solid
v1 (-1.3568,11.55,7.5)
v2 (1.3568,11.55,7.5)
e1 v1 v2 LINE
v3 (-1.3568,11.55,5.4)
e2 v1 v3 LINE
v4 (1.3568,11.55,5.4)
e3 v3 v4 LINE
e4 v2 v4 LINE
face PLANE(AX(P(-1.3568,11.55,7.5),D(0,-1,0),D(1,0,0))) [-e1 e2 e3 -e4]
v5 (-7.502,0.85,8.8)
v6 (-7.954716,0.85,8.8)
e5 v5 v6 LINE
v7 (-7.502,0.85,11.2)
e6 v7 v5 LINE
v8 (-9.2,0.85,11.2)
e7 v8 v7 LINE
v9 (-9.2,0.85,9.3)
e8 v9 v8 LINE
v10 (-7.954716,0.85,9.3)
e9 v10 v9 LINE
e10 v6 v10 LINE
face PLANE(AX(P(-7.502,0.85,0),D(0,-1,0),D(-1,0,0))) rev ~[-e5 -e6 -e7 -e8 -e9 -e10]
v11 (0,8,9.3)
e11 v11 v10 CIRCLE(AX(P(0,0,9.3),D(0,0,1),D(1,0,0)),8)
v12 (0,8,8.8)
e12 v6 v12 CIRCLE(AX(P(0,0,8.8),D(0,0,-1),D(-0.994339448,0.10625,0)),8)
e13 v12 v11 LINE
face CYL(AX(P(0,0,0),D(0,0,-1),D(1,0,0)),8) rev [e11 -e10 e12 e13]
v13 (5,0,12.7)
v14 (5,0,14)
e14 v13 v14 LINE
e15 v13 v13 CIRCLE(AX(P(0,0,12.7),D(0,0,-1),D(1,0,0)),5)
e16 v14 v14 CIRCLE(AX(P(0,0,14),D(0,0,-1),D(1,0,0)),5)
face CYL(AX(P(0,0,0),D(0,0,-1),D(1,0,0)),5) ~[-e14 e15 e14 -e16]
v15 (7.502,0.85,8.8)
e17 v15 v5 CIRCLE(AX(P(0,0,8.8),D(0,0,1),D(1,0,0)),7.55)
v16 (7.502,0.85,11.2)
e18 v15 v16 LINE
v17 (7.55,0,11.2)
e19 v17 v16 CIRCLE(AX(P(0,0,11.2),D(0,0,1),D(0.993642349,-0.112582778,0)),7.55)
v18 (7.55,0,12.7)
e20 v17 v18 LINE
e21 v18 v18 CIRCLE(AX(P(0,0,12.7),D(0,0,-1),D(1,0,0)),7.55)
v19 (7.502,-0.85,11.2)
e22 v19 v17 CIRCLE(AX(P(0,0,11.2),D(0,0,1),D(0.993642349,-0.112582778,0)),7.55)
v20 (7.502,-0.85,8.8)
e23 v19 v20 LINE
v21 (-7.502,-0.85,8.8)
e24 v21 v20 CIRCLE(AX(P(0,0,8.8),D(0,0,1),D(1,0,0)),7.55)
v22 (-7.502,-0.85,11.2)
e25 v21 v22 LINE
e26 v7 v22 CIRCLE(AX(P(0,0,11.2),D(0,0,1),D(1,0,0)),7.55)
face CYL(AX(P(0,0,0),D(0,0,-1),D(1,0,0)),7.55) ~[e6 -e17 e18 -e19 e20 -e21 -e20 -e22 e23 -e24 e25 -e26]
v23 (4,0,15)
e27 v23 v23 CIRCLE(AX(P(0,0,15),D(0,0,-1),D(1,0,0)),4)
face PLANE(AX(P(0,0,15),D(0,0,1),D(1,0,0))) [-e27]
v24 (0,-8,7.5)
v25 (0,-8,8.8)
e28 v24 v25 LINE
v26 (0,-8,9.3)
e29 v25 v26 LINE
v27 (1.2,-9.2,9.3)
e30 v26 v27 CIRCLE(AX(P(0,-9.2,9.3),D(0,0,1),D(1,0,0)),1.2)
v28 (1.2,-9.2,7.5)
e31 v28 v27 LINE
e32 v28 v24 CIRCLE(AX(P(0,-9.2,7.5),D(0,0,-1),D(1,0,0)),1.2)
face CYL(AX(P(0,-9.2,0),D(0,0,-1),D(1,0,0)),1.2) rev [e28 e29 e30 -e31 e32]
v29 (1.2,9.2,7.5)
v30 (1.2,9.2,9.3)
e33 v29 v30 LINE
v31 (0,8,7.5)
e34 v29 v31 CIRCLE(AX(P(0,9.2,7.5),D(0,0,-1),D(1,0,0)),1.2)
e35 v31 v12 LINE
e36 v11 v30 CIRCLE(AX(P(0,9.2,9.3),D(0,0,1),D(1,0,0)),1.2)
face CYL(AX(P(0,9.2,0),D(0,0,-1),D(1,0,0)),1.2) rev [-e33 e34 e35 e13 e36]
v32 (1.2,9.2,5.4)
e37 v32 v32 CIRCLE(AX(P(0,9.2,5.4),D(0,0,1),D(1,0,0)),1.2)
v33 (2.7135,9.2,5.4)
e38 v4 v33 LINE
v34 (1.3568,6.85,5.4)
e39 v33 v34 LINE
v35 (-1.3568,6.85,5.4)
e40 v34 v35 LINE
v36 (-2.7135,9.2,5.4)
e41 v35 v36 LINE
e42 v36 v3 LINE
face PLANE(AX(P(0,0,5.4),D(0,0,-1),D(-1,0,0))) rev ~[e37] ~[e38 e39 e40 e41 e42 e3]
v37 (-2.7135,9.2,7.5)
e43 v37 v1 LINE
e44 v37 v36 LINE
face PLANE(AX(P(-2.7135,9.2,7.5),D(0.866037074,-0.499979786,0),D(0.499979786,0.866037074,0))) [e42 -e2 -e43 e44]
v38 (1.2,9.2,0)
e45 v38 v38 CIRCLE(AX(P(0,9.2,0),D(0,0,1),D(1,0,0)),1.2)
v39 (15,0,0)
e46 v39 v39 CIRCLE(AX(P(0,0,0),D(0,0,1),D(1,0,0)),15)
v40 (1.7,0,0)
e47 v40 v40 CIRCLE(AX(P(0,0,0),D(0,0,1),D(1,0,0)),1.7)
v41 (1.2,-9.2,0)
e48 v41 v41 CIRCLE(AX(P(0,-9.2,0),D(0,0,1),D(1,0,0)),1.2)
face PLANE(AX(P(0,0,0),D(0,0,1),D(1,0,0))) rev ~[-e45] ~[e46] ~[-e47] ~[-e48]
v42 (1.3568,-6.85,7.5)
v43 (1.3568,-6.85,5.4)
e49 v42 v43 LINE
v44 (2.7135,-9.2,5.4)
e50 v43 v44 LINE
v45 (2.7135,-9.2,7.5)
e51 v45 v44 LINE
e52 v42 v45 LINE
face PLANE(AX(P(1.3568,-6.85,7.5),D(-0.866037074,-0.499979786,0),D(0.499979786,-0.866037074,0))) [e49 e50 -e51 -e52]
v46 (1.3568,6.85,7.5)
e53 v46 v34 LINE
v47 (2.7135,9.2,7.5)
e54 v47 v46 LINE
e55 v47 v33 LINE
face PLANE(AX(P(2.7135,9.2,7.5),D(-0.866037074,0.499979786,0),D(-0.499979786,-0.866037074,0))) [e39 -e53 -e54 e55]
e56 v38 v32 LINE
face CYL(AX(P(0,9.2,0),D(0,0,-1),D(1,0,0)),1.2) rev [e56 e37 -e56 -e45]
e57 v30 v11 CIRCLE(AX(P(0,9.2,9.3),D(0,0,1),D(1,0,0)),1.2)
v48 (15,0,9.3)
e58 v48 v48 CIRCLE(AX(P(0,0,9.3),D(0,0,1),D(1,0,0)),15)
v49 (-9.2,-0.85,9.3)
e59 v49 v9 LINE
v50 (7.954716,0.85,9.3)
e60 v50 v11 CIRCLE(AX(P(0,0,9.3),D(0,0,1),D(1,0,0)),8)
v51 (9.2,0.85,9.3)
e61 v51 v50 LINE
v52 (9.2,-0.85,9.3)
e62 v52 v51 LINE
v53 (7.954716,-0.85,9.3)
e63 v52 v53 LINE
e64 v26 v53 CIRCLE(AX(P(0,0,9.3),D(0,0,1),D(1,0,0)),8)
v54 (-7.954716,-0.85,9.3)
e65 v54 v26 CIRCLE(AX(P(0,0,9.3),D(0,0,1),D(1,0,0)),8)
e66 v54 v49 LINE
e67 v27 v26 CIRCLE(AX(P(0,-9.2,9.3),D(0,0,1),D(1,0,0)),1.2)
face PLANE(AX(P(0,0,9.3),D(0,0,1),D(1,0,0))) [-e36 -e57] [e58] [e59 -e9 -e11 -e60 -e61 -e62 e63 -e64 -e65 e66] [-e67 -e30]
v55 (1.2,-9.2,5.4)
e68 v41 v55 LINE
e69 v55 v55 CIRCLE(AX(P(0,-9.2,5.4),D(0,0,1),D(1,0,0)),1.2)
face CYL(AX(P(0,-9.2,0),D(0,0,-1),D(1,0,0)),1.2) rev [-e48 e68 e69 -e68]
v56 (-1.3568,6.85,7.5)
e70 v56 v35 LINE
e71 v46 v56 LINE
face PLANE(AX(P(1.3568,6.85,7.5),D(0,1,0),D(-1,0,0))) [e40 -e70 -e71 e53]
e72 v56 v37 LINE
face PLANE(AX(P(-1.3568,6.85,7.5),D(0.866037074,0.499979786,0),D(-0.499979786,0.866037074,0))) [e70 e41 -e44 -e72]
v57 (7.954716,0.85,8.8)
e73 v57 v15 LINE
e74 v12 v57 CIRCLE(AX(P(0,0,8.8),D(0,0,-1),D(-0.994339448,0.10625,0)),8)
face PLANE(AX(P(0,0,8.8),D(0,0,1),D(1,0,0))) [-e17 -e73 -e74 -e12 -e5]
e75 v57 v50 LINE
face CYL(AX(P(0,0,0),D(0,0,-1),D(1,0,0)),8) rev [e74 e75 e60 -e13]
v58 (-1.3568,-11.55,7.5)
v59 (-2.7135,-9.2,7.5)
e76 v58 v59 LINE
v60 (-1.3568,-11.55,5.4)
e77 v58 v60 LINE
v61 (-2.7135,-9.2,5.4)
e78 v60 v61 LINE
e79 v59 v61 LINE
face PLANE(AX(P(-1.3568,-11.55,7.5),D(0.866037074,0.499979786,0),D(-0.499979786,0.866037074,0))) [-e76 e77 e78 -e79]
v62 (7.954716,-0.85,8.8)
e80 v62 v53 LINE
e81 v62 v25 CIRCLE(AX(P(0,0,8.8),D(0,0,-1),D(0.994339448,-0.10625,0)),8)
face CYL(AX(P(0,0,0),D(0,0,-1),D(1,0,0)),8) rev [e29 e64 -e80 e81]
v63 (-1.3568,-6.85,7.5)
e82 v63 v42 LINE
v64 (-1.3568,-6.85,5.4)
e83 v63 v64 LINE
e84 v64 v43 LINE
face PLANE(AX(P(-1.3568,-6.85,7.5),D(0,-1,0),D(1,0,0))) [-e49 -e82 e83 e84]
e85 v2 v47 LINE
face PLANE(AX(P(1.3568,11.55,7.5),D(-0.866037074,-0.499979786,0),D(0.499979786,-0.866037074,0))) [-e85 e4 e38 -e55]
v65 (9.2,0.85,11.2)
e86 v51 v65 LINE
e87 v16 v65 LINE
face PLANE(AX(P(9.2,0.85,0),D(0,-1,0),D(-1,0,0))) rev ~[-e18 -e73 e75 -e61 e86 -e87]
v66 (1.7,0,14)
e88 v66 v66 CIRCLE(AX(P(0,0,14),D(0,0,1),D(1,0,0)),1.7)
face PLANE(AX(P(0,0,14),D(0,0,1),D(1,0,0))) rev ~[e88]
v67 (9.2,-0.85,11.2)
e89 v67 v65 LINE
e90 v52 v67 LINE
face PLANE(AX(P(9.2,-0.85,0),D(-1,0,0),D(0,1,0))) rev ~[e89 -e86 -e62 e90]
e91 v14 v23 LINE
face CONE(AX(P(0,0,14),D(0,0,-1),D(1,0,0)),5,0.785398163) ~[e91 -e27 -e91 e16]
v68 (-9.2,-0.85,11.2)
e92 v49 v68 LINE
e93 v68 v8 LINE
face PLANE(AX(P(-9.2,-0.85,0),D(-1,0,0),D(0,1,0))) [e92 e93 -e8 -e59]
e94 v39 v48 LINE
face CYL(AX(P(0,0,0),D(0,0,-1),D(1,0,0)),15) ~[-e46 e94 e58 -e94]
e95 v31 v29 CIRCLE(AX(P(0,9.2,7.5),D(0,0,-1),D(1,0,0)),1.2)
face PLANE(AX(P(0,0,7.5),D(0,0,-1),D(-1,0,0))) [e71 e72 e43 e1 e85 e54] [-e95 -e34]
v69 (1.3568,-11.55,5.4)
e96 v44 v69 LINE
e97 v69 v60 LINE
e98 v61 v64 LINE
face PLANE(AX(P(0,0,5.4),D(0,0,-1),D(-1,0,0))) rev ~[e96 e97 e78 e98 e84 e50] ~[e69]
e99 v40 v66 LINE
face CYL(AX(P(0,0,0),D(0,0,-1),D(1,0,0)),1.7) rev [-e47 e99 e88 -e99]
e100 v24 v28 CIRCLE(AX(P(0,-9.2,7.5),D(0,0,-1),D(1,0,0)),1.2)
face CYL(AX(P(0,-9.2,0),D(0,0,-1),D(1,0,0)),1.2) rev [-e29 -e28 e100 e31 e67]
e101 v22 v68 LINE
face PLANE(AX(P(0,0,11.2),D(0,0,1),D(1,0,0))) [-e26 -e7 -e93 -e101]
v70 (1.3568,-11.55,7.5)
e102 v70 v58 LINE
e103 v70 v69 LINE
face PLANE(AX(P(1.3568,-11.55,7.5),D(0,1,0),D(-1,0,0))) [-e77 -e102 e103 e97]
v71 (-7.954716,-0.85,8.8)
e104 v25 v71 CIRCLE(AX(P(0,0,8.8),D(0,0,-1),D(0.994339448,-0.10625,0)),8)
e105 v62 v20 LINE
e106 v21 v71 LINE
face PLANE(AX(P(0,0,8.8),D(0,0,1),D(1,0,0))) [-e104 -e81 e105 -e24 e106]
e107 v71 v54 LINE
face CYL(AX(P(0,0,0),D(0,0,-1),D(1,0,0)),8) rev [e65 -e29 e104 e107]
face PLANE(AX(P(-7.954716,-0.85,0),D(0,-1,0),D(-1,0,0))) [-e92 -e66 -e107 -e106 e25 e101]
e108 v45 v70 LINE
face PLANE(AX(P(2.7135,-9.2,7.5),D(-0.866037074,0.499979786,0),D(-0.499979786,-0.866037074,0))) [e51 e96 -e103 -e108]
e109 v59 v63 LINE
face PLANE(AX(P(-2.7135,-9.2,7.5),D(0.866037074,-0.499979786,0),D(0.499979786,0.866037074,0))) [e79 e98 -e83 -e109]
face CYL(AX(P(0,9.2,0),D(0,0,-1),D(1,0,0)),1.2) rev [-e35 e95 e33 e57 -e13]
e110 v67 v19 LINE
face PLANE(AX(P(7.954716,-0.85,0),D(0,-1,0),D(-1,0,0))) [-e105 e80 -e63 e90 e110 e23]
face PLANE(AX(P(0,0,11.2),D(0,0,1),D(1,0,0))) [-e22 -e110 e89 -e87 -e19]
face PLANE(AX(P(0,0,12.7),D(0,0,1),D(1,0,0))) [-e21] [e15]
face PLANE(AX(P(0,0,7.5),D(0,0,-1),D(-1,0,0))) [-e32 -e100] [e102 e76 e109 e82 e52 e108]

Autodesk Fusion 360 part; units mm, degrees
sketch "Skizze1" plane through (0, 0, 0) normal (0, 0, 1) x (1, 0, 0)
  circle A0 centre (0, 0) radius 15
  circle A1 centre (0, 0) radius 1.7
  circle A2 centre (0, 0) radius 7.55
  line L0 (0, 17.9163) -> (0, -17.3071) construction
  circle A3 centre (0, 0) radius 9.2 construction
  circle A4 centre (0, 9.2) radius 1.2
  circle A5 centre (0, -9.2) radius 1.2
  circle A6 centre (0, 0) radius 5
  circle A7 centre (0, 0) radius 14.1421 construction
  line L1 (9.2, -0.85) -> (7.502, -0.85)
  line L2 (9.2, 0.85) -> (7.502, 0.85)
  line L3 (19.7442, 0) -> (-23.5704, 0) construction
  line L4 (-4.9272, -0.85) -> (-9.2, -0.85)
  line L5 (-4.9272, 0.85) -> (-9.2, 0.85)
  line L6 (-9.2, -0.85) -> (-9.2, 0.85)
  line L7 (9.2, -0.85) -> (9.2, 0.85)
  circle A8 centre (0, 0) radius 8
  point P0 (0, 9.2)
  point P1 (0, -9.2)
  dimension "d1" = 30
  dimension "d2" = 3.4
  dimension "d3" = 15.1
  dimension "d19" = 18.4
  dimension "d20" = 2.4
  dimension "d21" = 2.4
  dimension "d25" = 10
  dimension "d43" = 28.2843
  dimension "d58" = 0.85
  dimension "d59" = 0.85
  dimension "d60" = 0.85
  dimension "d61" = 0.85
  dimension "d62" = 9.2
  dimension "d63" = 9.2
  dimension "d66" = 16
extrude "Extrusion1" add sketch "Skizze1" along normal blind 15 contours A1 | A6 makes body 1
extrude "Extrusion2" cut sketch "Skizze1" along normal blind 14 contours A1 bodies 1
extrude "Extrusion5" add sketch "Skizze1" along normal blind 12.7 contours A2 A6 L4 L5 | A2 A6 L4 L5 bodies 1
extrude "Extrusion9" add sketch "Skizze1" along normal blind 11.2 contours A2 L1 L2 A8 | A2 L4 L5 A8 | L1 L2 L7 A8 | L4 L5 L6 A8 bodies 1
extrude "Extrusion3" add sketch "Skizze1" along normal blind 9.3 separate body contours A0 | A2 L1 L2 A8 | A2 L4 L5 A8 | L1 L2 L7 A8 | L4 L5 L6 A8 makes body 2
extrude "Extrusion10" add sketch "Skizze1" along normal blind 8.8 contours A2 L2 L5 A8 | A2 L1 L4 A8 bodies 1 2
ref_plane "Arbeitsebene1" through (0, 0, 7.5) normal (0, 0, -1) x (-1, 0, 0)
sketch "Skizze2" plane through (0, 0, 7.5) normal (0, 0, -1) x (-1, 0, 0)
  line L0 (0, 19.4975) -> (0, -17.4097) construction
  line L1 (-20.2047, 0) -> (24.515, 0) construction
  circle A0 centre (0, 0) radius 9.2 construction
  line L2 (-1.3568, 11.55) -> (-2.7135, 9.2)
  line L3 (-2.7135, 9.2) -> (-1.3568, 6.85)
  line L4 (-1.3568, 6.85) -> (1.3568, 6.85)
  line L5 (1.3568, 6.85) -> (2.7135, 9.2)
  line L6 (2.7135, 9.2) -> (1.3568, 11.55)
  line L7 (1.3568, 11.55) -> (-1.3568, 11.55)
  line L8 (1.3568, -11.55) -> (2.7135, -9.2)
  line L9 (2.7135, -9.2) -> (1.3568, -6.85)
  line L10 (1.3568, -6.85) -> (-1.3568, -6.85)
  line L11 (-1.3568, -6.85) -> (-2.7135, -9.2)
  line L12 (-2.7135, -9.2) -> (-1.3568, -11.55)
  line L13 (-1.3568, -11.55) -> (1.3568, -11.55)
  point P0 (0, 9.2)
  point P1 (0, -9.2)
  point P2 (0, 9.2)
  point P3 (0, -9.2)
  dimension "d9" = 18.4
  dimension "d10" = 4.7
  dimension "d11" = 4.7
extrude "Extrusion4" cut sketch "Skizze2" along normal blind 2.1 bodies 1
chamfer "Fase2" distance 1 angle 45 1 edges at (-4.6616, -1.8081, 15) on bodies 1
